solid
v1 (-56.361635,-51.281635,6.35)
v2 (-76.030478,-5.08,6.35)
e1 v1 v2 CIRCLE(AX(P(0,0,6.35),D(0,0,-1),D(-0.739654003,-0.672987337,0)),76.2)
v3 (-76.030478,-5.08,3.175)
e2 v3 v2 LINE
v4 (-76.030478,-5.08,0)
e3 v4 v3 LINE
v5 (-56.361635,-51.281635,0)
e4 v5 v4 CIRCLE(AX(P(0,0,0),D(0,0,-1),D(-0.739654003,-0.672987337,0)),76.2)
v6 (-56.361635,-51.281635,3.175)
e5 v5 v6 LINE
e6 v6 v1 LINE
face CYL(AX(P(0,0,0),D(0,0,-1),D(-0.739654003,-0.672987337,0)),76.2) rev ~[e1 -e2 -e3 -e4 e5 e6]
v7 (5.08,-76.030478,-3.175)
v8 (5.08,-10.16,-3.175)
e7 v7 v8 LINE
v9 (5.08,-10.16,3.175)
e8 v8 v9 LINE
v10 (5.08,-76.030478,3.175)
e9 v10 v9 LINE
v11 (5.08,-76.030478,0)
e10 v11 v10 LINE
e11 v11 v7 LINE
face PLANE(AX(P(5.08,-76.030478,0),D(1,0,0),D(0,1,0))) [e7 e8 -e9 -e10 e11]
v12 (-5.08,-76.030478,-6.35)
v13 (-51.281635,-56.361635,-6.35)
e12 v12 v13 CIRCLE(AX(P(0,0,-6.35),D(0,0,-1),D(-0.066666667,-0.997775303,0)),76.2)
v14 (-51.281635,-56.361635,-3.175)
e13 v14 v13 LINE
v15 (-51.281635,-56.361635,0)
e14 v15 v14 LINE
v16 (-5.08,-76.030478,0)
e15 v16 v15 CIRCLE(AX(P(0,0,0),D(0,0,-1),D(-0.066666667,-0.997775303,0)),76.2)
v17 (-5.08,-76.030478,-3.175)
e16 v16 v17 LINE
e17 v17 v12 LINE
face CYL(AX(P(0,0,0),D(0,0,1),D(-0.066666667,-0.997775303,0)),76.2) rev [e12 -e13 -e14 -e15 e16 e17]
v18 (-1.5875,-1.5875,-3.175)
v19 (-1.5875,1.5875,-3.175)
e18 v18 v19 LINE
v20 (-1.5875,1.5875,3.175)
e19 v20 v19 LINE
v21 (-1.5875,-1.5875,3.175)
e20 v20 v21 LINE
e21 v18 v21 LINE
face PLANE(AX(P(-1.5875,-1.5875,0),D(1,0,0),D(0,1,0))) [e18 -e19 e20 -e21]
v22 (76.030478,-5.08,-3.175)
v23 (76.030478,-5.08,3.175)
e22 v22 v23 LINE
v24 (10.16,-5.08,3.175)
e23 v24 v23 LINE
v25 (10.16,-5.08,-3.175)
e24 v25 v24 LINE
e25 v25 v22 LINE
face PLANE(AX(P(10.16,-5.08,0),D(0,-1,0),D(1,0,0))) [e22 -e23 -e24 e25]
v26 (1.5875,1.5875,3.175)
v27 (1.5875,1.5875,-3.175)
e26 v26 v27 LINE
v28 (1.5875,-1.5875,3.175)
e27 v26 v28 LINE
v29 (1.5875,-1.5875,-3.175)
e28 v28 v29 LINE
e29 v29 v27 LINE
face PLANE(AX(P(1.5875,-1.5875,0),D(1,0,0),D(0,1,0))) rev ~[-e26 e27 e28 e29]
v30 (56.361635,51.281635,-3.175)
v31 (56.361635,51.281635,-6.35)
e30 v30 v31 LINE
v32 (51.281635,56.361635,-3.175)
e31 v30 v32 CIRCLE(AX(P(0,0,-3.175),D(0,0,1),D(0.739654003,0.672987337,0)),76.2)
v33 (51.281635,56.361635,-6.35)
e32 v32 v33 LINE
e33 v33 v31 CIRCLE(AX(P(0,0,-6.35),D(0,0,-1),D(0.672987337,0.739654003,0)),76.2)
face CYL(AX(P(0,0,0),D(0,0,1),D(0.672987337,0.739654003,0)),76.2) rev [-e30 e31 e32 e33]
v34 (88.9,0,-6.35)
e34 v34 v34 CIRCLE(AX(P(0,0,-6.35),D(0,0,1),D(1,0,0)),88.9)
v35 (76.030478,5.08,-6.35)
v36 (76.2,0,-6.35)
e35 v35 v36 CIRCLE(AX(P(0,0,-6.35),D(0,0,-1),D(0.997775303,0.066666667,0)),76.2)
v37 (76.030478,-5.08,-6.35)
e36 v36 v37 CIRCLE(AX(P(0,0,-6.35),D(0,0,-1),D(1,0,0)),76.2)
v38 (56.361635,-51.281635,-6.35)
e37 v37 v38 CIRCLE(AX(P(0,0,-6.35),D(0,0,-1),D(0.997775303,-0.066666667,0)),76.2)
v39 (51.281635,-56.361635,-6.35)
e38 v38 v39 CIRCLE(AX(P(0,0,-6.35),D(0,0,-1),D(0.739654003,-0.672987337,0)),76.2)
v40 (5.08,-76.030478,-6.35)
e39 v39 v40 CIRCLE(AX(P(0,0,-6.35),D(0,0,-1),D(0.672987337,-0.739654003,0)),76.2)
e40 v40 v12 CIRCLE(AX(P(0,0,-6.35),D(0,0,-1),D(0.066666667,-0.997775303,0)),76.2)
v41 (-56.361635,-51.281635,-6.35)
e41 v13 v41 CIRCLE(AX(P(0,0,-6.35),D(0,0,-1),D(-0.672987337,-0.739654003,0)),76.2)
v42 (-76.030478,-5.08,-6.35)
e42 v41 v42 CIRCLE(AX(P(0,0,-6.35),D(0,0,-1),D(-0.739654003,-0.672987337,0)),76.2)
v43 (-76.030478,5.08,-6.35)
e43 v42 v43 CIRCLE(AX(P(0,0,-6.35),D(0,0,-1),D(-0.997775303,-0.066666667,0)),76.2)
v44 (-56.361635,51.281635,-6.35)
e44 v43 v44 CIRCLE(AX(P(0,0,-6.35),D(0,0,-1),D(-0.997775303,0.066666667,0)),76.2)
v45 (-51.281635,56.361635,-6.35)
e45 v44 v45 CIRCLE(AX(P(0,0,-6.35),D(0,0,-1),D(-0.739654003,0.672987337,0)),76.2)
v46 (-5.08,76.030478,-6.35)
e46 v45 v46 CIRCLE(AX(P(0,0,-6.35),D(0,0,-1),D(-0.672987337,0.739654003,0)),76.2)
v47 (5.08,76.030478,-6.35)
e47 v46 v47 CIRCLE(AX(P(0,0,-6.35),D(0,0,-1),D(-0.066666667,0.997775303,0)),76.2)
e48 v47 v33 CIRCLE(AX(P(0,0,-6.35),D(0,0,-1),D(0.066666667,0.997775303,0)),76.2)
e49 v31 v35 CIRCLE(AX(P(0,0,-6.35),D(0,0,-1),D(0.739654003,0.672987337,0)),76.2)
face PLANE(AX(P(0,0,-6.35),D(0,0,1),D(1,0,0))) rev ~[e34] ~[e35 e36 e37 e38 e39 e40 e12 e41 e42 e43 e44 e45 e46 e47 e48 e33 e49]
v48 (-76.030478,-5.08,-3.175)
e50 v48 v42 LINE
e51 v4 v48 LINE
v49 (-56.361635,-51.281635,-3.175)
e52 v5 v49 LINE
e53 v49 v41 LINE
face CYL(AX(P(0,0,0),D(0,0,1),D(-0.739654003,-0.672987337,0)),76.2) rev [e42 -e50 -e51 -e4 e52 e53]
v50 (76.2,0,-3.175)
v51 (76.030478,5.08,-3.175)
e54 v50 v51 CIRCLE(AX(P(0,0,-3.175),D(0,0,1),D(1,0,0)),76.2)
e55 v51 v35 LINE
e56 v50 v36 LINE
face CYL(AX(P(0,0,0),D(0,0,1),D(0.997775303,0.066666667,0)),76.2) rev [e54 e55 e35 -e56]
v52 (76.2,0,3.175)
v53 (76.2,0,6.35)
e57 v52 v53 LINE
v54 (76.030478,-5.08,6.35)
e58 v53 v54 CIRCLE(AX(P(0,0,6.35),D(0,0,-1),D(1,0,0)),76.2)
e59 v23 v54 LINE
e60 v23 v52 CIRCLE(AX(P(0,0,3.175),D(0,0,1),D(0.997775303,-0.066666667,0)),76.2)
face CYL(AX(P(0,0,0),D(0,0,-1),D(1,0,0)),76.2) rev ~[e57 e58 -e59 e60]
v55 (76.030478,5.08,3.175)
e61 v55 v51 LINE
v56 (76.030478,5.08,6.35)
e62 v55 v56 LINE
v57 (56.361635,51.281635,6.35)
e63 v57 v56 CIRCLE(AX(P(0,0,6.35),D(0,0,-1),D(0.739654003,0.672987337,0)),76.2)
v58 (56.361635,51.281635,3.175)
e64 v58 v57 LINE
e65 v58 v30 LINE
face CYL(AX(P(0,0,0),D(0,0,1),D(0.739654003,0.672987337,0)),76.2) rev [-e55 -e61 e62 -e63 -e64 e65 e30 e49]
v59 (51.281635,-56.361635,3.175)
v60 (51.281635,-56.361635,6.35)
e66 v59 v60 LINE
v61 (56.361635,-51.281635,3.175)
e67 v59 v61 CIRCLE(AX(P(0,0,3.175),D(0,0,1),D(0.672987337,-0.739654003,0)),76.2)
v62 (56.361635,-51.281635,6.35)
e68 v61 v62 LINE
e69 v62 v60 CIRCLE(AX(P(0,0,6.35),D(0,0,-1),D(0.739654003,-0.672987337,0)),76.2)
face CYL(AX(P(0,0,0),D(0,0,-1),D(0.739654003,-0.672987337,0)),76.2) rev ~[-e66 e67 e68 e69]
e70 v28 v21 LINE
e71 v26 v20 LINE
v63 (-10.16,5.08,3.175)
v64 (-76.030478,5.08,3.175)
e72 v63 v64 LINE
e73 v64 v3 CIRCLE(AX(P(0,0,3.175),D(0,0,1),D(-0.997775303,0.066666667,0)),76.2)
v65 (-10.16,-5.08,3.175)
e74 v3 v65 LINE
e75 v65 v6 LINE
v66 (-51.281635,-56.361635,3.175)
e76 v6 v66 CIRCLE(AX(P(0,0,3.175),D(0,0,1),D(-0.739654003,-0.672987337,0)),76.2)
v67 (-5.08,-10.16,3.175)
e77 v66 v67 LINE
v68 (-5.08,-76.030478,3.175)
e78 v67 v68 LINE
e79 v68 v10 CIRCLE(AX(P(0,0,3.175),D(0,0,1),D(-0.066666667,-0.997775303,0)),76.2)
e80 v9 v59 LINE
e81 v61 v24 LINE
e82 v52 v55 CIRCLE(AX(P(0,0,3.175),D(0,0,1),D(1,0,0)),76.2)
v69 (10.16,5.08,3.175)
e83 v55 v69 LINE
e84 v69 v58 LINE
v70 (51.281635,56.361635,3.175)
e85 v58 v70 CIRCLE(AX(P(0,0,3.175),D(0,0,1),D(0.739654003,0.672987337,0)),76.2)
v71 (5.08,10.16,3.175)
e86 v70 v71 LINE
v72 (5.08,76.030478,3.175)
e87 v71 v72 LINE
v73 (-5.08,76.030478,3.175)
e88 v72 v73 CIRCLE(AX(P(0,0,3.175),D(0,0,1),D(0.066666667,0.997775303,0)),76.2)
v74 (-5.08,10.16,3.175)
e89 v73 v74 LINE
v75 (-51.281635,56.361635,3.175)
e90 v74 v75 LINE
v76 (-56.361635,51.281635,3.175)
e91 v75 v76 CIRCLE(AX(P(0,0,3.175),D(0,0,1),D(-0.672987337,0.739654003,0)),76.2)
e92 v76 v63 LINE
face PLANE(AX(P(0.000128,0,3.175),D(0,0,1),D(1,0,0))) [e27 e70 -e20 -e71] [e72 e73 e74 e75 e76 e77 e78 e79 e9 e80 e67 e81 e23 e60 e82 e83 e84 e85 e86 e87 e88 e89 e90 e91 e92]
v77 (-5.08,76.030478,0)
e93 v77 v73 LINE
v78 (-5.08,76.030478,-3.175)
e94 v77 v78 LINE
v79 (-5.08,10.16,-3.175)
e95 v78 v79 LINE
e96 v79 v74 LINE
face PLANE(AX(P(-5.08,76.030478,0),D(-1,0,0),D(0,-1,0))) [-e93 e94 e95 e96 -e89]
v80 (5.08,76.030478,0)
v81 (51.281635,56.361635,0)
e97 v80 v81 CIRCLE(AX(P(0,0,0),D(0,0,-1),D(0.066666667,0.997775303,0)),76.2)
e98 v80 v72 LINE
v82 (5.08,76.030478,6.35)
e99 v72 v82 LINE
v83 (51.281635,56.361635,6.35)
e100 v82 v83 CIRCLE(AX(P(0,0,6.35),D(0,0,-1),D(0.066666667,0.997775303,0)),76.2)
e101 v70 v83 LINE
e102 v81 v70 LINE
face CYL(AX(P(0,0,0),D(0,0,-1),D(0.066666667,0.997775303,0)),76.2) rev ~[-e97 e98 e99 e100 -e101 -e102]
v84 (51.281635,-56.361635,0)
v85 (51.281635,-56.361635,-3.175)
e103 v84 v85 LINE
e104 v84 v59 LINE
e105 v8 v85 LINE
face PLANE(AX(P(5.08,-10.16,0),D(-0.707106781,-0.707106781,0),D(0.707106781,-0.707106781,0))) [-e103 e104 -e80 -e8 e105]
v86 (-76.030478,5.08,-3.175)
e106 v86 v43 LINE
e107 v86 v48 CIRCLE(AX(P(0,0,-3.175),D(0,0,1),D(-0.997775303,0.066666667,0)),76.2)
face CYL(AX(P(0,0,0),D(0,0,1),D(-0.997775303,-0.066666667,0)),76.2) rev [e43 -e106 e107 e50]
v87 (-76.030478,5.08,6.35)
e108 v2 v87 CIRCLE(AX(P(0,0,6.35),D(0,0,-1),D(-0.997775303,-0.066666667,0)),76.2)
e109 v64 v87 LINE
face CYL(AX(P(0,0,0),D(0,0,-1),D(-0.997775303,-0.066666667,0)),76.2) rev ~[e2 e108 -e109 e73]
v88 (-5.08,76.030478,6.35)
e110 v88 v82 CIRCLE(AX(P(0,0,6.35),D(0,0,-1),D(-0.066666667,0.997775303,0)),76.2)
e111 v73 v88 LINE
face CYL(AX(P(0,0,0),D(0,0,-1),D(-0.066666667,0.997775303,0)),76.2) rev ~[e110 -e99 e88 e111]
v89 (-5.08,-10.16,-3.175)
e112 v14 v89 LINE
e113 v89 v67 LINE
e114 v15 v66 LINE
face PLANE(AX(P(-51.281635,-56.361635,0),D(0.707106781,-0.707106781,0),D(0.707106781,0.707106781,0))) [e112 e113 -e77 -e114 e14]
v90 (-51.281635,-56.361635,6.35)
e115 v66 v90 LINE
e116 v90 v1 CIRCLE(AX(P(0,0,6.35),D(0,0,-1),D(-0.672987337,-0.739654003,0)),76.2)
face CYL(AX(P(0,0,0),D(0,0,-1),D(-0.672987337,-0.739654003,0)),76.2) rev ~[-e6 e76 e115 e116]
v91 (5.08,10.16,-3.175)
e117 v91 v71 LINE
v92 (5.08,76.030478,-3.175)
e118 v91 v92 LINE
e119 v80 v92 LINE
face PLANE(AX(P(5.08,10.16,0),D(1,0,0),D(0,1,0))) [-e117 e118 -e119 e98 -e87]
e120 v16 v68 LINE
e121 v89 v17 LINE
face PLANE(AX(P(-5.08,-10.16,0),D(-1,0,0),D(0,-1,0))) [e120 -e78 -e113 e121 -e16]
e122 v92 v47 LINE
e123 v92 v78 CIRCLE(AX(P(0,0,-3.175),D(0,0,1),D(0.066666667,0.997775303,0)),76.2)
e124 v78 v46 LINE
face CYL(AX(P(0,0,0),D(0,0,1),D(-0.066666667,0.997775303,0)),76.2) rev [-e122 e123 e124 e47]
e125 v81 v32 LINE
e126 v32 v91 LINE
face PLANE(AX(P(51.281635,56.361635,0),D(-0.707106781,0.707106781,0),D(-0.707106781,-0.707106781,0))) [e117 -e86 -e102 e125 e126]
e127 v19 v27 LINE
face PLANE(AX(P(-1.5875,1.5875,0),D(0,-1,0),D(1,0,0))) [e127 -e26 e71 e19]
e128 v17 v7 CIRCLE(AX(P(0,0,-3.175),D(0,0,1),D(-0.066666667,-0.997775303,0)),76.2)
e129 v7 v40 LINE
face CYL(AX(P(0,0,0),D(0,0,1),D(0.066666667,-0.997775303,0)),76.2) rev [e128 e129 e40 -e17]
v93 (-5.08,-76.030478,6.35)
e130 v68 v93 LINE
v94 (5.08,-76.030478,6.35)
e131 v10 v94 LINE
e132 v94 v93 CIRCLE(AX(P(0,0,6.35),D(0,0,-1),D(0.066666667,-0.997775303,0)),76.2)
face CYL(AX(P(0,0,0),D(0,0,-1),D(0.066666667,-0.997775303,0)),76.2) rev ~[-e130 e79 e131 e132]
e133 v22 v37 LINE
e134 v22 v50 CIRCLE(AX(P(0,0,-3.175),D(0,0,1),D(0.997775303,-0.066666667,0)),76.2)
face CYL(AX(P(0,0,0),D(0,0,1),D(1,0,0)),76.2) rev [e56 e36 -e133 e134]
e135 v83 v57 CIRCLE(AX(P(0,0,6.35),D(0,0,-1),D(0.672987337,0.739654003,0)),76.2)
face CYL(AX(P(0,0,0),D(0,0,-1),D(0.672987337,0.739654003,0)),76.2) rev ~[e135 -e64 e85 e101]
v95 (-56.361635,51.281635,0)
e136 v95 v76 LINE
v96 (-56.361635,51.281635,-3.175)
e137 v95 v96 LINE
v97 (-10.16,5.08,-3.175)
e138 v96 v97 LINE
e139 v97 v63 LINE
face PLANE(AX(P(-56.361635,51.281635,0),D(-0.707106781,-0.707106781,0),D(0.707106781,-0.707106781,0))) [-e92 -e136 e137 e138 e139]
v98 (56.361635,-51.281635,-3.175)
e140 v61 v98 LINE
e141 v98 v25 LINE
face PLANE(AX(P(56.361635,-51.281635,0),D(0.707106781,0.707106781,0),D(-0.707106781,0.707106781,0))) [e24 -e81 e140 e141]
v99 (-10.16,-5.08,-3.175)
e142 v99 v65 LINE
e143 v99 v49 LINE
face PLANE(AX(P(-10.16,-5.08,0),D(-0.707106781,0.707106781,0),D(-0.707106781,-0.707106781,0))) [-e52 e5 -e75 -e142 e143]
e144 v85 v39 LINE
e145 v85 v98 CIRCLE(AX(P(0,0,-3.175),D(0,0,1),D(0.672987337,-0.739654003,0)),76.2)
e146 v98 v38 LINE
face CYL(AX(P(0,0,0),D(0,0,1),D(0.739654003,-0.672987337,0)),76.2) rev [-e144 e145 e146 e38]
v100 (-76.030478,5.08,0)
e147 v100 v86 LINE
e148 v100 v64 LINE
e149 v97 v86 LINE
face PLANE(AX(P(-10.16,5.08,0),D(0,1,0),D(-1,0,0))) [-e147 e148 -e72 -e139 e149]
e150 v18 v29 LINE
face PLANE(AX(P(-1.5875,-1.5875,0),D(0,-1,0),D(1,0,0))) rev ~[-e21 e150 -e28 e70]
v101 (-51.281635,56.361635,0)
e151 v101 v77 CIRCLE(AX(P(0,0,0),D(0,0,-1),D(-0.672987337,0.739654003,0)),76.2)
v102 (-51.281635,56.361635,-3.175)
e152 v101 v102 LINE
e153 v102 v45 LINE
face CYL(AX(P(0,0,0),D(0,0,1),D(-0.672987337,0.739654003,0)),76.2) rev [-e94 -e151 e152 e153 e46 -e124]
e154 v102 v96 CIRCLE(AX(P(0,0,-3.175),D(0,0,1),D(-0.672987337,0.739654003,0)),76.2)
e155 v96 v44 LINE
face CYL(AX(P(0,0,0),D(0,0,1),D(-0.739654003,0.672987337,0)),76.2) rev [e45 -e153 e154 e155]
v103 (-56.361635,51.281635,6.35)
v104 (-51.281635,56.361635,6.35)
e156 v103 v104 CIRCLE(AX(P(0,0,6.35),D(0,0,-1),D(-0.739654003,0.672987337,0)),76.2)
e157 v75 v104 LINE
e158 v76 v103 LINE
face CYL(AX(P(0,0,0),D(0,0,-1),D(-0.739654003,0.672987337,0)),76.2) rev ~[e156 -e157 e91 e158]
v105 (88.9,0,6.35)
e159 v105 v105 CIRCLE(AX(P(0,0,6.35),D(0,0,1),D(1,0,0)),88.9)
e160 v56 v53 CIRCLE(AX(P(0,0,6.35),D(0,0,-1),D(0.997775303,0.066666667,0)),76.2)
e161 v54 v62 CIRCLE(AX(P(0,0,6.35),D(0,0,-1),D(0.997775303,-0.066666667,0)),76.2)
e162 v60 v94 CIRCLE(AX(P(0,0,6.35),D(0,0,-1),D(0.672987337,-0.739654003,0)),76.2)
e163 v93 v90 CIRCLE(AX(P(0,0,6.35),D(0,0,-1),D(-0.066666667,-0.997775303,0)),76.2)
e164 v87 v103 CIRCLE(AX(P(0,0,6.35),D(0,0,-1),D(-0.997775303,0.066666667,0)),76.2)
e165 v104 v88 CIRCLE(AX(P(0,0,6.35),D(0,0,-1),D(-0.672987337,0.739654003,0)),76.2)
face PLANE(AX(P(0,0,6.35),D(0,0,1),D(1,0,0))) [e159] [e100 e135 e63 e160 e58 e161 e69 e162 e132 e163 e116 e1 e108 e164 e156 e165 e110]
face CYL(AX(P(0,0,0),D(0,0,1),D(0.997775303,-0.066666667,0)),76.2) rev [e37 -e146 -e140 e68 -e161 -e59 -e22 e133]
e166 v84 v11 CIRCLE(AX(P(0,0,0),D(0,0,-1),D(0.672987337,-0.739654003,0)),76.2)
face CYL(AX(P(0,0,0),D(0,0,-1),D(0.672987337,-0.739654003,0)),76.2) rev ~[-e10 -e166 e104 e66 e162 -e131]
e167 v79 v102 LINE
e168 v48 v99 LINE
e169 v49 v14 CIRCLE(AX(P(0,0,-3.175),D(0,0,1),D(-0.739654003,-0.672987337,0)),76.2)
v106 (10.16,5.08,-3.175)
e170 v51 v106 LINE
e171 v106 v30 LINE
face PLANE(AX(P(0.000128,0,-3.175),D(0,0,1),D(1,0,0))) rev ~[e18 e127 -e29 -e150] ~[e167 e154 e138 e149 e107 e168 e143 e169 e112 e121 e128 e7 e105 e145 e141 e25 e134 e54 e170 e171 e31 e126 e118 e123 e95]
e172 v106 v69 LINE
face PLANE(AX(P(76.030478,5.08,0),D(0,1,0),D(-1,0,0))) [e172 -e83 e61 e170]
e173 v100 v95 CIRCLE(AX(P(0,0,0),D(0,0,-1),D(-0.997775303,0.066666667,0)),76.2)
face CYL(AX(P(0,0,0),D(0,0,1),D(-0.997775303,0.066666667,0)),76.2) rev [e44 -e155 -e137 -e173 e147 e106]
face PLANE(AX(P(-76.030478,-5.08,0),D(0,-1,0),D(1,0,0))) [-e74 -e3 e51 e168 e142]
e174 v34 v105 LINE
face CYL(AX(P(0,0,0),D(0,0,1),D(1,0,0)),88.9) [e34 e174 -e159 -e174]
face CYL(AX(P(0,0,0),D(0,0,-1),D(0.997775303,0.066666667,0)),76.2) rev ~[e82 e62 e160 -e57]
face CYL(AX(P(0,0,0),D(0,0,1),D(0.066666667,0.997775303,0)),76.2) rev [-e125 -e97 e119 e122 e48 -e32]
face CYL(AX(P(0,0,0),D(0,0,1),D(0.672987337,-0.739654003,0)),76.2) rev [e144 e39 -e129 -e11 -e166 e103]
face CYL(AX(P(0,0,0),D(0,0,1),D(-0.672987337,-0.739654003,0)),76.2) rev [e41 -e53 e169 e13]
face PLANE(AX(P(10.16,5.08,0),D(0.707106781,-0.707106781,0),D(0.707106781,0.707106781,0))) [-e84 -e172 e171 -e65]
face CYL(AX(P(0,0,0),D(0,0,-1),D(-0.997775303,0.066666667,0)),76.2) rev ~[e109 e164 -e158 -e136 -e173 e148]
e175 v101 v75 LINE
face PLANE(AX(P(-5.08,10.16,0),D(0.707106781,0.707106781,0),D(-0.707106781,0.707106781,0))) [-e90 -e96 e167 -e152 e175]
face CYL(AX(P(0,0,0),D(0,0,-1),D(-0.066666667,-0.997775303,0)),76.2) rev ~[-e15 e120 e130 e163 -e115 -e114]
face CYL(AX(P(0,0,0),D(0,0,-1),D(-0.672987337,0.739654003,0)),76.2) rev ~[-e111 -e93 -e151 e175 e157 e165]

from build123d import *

# Parameters (mm, degrees)
F0_R          = 88.9
F1_DEPTH      = 6.35
F1_DEPTH_BACK = 6.35
F2_DEPTH      = 3.175
F2_DEPTH_BACK = 3.175
F3_W          = 3.175
F3_H          = 3.175
F4_DEPTH      = 127
F4_DEPTH_BACK = 25.4


with BuildPart() as f1:
    # F0 (on Top) → F1 (new body, two sides)
    with BuildSketch(Plane.XY) as f1_sk:
        Circle(F0_R)
        with BuildLine():
            ThreePointArc((76.0304780992, 5.08), (76.1576077328, 2.5414138621), (76.2, 0))
            ThreePointArc((76.2, 0), (76.1576077328, -2.5414138621), (76.0304780992, -5.08))
            ThreePointArc((76.0304780992, -5.08), (70.1110952475, -29.8475178733), (56.3616350551, -51.2816350551))
            ThreePointArc((56.3616350551, -51.2816350551), (53.8815367264, -53.8815367264), (51.2816350551, -56.3616350551))
            ThreePointArc((51.2816350551, -56.3616350551), (29.8475178733, -70.1110952475), (5.08, -76.0304780992))
            ThreePointArc((5.08, -76.0304780992), (0, -76.2), (-5.08, -76.0304780992))
            ThreePointArc((-5.08, -76.0304780992), (-29.8475178733, -70.1110952475), (-51.2816350551, -56.3616350551))
            ThreePointArc((-51.2816350551, -56.3616350551), (-53.8815367264, -53.8815367264), (-56.3616350551, -51.2816350551))
            ThreePointArc((-56.3616350551, -51.2816350551), (-70.1110952475, -29.8475178733), (-76.0304780992, -5.08))
            ThreePointArc((-76.0304780992, -5.08), (-76.2, 0), (-76.0304780992, 5.08))
            ThreePointArc((-76.0304780992, 5.08), (-70.1110952475, 29.8475178733), (-56.3616350551, 51.2816350551))
            ThreePointArc((-56.3616350551, 51.2816350551), (-53.8815367264, 53.8815367264), (-51.2816350551, 56.3616350551))
            ThreePointArc((-51.2816350551, 56.3616350551), (-29.8475178733, 70.1110952475), (-5.08, 76.0304780992))
            ThreePointArc((-5.08, 76.0304780992), (0, 76.2), (5.08, 76.0304780992))
            ThreePointArc((5.08, 76.0304780992), (29.8475178733, 70.1110952475), (51.2816350551, 56.3616350551))
            ThreePointArc((51.2816350551, 56.3616350551), (53.8815367264, 53.8815367264), (56.3616350551, 51.2816350551))
            ThreePointArc((56.3616350551, 51.2816350551), (70.1110952475, 29.8475178733), (76.0304780992, 5.08))
        make_face(mode=Mode.SUBTRACT)
    extrude(amount=F1_DEPTH)
    extrude(f1_sk.sketch, amount=-F1_DEPTH_BACK)

    # F0 (on Top) → F2 (join, two sides)
    with BuildSketch(Plane.XY) as f2_sk:
        with BuildLine():
            ThreePointArc((76.0304780992, -5.08), (76.1576077328, -2.5414138621), (76.2, 0))
            ThreePointArc((76.2, 0), (76.1576077328, 2.5414138621), (76.0304780992, 5.08))
            Line((76.0304780992, 5.08), (10.16, 5.08))
            Line((10.16, 5.08), (56.3616350551, 51.2816350551))
            ThreePointArc((56.3616350551, 51.2816350551), (53.8815367264, 53.8815367264), (51.2816350551, 56.3616350551))
            Line((51.2816350551, 56.3616350551), (5.08, 10.16))
            Line((5.08, 10.16), (5.08, 76.0304780992))
            ThreePointArc((5.08, 76.0304780992), (0, 76.2), (-5.08, 76.0304780992))
            Line((-5.08, 76.0304780992), (-5.08, 10.16))
            Line((-5.08, 10.16), (-51.2816350551, 56.3616350551))
            ThreePointArc((-51.2816350551, 56.3616350551), (-53.8815367264, 53.8815367264), (-56.3616350551, 51.2816350551))
            Line((-56.3616350551, 51.2816350551), (-10.16, 5.08))
            Line((-10.16, 5.08), (-76.0304780992, 5.08))
            ThreePointArc((-76.0304780992, 5.08), (-76.2, 0), (-76.0304780992, -5.08))
            Line((-76.0304780992, -5.08), (-10.16, -5.08))
            Line((-10.16, -5.08), (-56.3616350551, -51.2816350551))
            ThreePointArc((-56.3616350551, -51.2816350551), (-53.8815367264, -53.8815367264), (-51.2816350551, -56.3616350551))
            Line((-51.2816350551, -56.3616350551), (-5.08, -10.16))
            Line((-5.08, -10.16), (-5.08, -76.0304780992))
            ThreePointArc((-5.08, -76.0304780992), (0, -76.2), (5.08, -76.0304780992))
            Line((5.08, -76.0304780992), (5.08, -10.16))
            Line((5.08, -10.16), (51.2816350551, -56.3616350551))
            ThreePointArc((51.2816350551, -56.3616350551), (53.8815367264, -53.8815367264), (56.3616350551, -51.2816350551))
            Line((56.3616350551, -51.2816350551), (10.16, -5.08))
            Line((10.16, -5.08), (76.0304780992, -5.08))
        make_face()
    extrude(amount=F2_DEPTH)
    extrude(f2_sk.sketch, amount=-F2_DEPTH_BACK)

    # F3 (on face) → F4 (cut, two sides)
    with BuildSketch(Plane.XY) as f4_sk:
        Rectangle(F3_W, F3_H)
    extrude(amount=-F4_DEPTH, mode=Mode.SUBTRACT)
    extrude(f4_sk.sketch, amount=F4_DEPTH_BACK, mode=Mode.SUBTRACT)


solid = f1.part
